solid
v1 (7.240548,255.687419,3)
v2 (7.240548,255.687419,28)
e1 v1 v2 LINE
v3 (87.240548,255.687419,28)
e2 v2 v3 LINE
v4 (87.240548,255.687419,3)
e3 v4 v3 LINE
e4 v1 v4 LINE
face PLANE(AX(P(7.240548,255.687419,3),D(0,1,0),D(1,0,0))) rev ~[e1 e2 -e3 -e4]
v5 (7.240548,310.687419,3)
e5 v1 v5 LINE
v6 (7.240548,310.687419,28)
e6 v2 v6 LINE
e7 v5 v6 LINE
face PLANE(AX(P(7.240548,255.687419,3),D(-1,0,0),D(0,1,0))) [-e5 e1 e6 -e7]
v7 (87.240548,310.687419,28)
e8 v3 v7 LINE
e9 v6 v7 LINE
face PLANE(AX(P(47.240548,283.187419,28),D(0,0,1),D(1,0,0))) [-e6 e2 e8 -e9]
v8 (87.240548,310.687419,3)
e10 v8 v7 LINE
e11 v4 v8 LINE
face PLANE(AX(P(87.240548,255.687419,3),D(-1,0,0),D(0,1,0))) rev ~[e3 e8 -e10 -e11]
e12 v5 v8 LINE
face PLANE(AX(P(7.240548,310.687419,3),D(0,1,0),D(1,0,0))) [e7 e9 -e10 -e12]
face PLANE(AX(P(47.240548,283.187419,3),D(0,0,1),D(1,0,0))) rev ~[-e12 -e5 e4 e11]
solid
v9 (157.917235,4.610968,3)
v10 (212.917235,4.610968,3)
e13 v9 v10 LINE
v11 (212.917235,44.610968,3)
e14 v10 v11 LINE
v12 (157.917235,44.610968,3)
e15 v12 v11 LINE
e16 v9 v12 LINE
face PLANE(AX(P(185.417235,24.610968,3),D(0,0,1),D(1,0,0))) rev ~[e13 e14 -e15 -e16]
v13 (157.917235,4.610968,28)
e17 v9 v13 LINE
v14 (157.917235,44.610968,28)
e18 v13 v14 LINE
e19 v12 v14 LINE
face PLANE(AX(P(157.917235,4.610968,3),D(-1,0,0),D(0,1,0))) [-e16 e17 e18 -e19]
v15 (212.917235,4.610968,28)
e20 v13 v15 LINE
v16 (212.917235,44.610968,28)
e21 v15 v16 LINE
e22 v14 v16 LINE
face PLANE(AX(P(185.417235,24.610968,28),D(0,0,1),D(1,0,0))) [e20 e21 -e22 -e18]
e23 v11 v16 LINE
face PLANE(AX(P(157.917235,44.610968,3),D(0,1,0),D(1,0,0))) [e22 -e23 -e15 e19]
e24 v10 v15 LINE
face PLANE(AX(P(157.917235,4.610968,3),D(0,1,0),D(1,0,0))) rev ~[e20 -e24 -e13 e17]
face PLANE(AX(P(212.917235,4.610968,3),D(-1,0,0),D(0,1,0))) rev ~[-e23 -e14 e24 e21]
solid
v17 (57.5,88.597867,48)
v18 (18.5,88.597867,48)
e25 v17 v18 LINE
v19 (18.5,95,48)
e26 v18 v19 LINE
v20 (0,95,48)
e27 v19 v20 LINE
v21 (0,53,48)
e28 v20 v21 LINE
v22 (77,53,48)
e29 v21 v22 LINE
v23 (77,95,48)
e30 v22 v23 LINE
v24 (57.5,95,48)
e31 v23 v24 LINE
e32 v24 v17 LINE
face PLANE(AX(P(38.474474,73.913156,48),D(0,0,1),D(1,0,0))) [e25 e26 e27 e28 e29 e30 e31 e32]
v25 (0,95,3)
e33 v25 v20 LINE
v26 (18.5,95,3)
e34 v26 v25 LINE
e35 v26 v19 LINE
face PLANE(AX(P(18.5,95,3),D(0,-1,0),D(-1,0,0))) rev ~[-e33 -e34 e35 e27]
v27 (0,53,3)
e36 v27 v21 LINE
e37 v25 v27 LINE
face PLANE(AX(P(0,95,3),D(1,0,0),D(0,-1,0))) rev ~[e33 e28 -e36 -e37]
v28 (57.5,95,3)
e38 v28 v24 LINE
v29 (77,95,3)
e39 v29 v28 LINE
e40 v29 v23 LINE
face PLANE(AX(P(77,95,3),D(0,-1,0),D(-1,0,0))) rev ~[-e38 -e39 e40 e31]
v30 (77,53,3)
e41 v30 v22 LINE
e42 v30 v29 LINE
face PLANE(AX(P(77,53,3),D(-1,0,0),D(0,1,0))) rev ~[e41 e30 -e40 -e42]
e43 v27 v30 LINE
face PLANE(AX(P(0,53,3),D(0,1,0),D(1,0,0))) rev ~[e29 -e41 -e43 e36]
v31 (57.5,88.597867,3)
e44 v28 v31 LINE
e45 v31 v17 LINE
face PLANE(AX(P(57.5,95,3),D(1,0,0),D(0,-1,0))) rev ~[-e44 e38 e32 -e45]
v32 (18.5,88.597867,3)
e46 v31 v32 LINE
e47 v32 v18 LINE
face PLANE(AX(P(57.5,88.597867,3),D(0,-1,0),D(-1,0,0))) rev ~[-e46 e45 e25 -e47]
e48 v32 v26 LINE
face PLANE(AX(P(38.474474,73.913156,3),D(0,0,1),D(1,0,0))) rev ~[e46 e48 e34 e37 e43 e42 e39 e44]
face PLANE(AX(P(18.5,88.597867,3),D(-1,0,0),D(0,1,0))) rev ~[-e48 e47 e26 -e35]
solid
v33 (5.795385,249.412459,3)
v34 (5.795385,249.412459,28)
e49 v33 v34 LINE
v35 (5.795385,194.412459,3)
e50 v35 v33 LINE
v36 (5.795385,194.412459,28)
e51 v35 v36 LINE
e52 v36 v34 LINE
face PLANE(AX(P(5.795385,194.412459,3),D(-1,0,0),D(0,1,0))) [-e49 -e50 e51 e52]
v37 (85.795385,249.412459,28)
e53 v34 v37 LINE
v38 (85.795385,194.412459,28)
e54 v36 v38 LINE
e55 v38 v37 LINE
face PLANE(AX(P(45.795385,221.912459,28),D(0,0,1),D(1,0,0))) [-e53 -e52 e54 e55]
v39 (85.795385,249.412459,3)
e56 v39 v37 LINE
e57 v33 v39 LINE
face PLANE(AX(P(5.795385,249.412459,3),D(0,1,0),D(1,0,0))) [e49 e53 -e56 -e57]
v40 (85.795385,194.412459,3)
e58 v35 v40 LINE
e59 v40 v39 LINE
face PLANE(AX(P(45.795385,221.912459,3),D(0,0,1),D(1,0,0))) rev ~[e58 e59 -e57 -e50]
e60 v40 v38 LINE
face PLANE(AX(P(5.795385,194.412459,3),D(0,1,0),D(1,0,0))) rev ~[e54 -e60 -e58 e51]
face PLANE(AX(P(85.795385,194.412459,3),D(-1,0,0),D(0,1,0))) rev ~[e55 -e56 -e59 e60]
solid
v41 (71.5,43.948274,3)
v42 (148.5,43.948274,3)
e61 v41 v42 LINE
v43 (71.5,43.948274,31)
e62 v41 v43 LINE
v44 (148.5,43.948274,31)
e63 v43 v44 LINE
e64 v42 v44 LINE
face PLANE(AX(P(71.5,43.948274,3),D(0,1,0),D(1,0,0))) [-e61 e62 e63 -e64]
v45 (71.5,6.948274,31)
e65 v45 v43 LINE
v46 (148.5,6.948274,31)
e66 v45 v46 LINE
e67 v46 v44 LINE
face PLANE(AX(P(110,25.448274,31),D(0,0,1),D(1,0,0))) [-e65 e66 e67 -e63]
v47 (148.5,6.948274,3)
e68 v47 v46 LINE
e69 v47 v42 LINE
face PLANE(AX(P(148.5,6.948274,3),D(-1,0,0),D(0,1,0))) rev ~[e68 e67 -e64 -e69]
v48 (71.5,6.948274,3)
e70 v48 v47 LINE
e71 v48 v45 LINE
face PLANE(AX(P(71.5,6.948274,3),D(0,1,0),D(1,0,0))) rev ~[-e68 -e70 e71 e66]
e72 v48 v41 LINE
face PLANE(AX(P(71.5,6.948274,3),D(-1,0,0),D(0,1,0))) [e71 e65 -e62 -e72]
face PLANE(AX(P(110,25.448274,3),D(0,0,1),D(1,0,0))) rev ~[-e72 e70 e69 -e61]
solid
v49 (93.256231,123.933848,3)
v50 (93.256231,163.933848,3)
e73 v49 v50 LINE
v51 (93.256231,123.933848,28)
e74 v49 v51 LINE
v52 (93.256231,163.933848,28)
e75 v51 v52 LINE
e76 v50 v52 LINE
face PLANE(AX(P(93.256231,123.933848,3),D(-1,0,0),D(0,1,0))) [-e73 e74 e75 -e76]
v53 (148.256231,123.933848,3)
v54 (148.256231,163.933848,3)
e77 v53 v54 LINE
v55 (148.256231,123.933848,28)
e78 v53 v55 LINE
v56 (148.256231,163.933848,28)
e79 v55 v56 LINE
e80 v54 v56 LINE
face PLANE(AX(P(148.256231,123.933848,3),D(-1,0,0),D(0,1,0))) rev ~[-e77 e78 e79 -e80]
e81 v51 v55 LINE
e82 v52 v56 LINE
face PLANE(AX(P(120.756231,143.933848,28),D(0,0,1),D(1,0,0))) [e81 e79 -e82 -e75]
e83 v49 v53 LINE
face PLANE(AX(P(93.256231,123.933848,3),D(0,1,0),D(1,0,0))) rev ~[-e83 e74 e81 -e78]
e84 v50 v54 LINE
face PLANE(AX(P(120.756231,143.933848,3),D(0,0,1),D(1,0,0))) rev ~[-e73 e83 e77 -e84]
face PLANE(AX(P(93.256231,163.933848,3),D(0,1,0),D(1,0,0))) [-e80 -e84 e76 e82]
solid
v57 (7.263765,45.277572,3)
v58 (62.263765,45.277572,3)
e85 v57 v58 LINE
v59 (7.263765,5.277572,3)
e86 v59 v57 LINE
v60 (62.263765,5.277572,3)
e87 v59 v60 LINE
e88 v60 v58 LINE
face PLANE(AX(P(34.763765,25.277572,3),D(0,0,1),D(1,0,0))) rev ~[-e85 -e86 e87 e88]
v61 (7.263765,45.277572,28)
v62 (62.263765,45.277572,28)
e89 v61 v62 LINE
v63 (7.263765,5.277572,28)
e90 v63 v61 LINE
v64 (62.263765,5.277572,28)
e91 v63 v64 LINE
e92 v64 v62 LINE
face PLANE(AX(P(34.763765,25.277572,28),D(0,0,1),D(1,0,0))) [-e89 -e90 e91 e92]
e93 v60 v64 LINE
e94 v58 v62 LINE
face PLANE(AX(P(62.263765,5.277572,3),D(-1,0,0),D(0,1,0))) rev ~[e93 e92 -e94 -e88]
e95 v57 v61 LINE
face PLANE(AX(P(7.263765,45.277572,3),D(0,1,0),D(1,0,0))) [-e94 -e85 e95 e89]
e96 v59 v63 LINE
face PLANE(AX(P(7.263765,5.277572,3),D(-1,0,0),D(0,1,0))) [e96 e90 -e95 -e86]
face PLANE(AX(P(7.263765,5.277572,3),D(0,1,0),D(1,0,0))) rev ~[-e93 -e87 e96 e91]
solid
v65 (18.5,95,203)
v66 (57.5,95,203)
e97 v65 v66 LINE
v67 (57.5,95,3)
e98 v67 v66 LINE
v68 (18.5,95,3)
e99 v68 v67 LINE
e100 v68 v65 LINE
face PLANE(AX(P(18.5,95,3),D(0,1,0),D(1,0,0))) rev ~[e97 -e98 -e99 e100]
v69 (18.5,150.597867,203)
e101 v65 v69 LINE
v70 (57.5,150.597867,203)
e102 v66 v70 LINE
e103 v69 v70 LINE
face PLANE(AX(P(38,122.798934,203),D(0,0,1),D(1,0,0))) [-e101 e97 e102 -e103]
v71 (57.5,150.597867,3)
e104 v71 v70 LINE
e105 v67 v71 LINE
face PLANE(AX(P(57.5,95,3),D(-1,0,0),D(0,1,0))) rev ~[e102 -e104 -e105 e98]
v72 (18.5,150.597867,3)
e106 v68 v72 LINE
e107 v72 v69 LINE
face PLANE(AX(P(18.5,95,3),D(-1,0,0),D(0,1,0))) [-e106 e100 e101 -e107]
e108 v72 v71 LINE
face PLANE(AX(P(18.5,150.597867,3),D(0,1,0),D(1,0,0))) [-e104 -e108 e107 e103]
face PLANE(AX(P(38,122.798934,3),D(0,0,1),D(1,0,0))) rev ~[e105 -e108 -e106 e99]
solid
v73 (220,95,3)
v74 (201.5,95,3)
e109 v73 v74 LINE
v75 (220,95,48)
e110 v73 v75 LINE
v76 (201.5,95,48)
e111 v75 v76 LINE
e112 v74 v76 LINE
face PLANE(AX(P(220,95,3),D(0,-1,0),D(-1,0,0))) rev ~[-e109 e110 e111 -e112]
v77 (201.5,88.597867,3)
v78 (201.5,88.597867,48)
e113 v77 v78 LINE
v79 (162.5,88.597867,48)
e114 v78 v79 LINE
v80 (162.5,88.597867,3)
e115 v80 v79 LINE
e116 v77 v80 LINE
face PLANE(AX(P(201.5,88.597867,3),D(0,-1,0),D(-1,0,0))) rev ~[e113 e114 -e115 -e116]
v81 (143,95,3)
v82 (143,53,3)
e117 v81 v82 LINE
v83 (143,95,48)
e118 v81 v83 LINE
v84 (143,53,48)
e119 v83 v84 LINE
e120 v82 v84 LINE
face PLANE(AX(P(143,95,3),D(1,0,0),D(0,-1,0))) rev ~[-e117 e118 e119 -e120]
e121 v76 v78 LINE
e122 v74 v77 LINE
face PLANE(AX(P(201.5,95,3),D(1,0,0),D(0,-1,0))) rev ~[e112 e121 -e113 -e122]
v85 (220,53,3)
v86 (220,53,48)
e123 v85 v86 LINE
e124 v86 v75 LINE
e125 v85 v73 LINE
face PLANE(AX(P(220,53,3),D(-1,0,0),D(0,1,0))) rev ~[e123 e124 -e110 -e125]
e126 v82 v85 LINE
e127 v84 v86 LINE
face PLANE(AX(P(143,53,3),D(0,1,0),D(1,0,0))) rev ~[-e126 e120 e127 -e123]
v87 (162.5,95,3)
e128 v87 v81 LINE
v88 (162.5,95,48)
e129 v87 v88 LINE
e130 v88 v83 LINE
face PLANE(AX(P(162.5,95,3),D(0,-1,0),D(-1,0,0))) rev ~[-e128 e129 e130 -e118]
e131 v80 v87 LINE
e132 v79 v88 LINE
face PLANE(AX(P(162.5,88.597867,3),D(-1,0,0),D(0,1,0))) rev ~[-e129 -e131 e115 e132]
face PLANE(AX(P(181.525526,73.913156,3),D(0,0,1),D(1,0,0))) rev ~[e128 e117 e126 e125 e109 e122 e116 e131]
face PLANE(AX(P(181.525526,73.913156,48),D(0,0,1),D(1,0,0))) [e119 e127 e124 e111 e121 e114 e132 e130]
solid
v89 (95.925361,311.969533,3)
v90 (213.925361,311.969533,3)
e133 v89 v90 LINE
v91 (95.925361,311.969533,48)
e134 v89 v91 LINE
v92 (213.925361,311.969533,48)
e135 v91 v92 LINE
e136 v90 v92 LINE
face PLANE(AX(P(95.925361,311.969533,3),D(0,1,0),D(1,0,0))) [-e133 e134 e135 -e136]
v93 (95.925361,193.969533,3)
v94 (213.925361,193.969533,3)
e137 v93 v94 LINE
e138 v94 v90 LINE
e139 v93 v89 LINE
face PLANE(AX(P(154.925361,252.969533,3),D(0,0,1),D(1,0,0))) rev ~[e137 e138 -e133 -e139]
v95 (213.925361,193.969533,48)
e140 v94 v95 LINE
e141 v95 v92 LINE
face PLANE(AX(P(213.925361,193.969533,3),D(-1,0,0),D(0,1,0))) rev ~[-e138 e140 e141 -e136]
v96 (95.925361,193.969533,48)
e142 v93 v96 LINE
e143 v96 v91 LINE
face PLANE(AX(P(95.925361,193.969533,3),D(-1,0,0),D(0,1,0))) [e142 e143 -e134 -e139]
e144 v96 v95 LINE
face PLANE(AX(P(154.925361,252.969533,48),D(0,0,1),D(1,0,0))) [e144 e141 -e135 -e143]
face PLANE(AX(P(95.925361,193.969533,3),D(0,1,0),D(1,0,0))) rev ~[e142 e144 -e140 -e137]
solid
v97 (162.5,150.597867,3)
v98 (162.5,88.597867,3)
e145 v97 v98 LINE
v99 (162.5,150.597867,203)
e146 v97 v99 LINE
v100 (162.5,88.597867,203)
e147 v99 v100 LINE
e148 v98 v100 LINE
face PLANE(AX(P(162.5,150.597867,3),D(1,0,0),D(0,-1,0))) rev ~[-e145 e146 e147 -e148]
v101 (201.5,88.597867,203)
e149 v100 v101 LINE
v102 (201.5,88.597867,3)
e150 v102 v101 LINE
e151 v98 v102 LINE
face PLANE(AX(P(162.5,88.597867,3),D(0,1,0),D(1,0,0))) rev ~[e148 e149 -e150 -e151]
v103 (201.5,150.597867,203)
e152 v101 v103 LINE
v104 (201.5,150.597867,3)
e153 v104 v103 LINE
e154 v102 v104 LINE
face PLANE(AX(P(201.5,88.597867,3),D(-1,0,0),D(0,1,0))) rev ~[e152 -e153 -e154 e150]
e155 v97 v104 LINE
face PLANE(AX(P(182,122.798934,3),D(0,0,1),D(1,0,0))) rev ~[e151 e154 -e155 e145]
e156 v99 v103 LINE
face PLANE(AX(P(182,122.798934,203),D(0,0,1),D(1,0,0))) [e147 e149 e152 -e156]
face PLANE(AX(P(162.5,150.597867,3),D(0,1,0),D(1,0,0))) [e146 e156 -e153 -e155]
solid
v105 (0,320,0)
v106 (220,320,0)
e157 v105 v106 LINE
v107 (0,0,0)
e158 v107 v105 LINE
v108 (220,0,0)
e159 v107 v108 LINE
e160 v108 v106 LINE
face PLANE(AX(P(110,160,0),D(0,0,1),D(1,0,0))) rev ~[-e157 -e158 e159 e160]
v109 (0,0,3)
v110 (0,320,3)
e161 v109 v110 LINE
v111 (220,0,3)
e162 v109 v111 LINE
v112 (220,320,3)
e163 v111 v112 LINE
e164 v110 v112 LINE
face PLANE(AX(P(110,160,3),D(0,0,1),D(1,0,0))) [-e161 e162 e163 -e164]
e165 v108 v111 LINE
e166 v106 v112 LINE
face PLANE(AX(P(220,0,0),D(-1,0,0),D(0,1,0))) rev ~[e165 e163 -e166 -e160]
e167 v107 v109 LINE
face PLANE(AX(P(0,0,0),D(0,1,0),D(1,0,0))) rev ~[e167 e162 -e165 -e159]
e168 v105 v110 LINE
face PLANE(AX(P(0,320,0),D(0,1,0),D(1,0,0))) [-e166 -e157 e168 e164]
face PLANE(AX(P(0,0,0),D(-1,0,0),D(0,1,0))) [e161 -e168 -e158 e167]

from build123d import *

# Parameters (mm, degrees)
F0_W     = 220
F0_H     = 320
F1_DEPTH = 3
F2_W     = 118
F2_H     = 118
F3_DEPTH = 45
F2_W_2   = 39
F2_H_2   = 55.5978671312
F2_H_3   = 6.4021328688
F4_DEPTH = 200
F2_W_3   = 55
F2_H_4   = 40
F5_DEPTH = 25
F2_W_4   = 80
F2_H_5   = 55
F6_DEPTH = 25
F7_DEPTH = 45
F2_W_5   = 77
F2_H_6   = 37
F8_DEPTH = 28


with BuildPart() as f1:
    # F0 (on Top) → F1 (new body)
    with BuildSketch(Plane.XY):
        with Locations((110, 160)):
            Rectangle(F0_W, F0_H)
    extrude(amount=F1_DEPTH)


with BuildPart() as f3:
    # F2 (on face) → F3 (new body)
    with BuildSketch(Plane.XY.offset(3)):
        with Locations((154.9253612757, 252.969533205)):
            Rectangle(F2_W, F2_H)
    extrude(amount=F3_DEPTH)


with BuildPart() as f4:
    # F2 (on face) → F4 (new body)
    with BuildSketch(Plane.XY.offset(3)):
        with Locations((182, 122.7989335656)):
            Rectangle(F2_W_2, F2_H_2)
        with Locations((182, 91.7989335656)):
            Rectangle(F2_W_2, F2_H_3)
    extrude(amount=F4_DEPTH)


with BuildPart() as f4b:
    # F2 (on face) → F4, piece 2 (new body)
    with BuildSketch(Plane.XY.offset(3)):
        with Locations((38, 122.7989335656)):
            Rectangle(F2_W_2, F2_H_2)
    extrude(amount=F4_DEPTH)


with BuildPart() as f5:
    # F2 (on face) → F5 (new body)
    with BuildSketch(Plane.XY.offset(3)):
        with Locations((120.7562312484, 143.9338475466)):
            Rectangle(F2_W_3, F2_H_4)
    extrude(amount=F5_DEPTH)


with BuildPart() as f5b:
    # F2 (on face) → F5, piece 2 (new body)
    with BuildSketch(Plane.XY.offset(3)):
        with Locations((34.76376459, 25.2775717527)):
            Rectangle(F2_W_3, F2_H_4)
    extrude(amount=F5_DEPTH)


with BuildPart() as f5c:
    # F2 (on face) → F5, piece 3 (new body)
    with BuildSketch(Plane.XY.offset(3)):
        with Locations((185.4172348976, 24.6109683067)):
            Rectangle(F2_W_3, F2_H_4)
    extrude(amount=F5_DEPTH)


with BuildPart() as f6:
    # F2 (on face) → F6 (new body)
    with BuildSketch(Plane.XY.offset(3)):
        with Locations((47.2405478358, 283.1874191761)):
            Rectangle(F2_W_4, F2_H_5)
    extrude(amount=F6_DEPTH)


with BuildPart() as f6b:
    # F2 (on face) → F6, piece 2 (new body)
    with BuildSketch(Plane.XY.offset(3)):
        with Locations((45.7953847945, 221.912458539)):
            Rectangle(F2_W_4, F2_H_5)
    extrude(amount=F6_DEPTH)


with BuildPart() as f7:
    # F2 (on face) → F7 (new body)
    with BuildSketch(Plane.XY.offset(3)):
        Polygon((18.5, 95), (0, 95), (0, 53), (77, 53), (77, 95), (57.5, 95), (57.5, 88.5978671312), (18.5, 88.5978671312), align=None)
    extrude(amount=F7_DEPTH)


with BuildPart() as f7b:
    # F2 (on face) → F7, piece 2 (new body)
    with BuildSketch(Plane.XY.offset(3)):
        Polygon((220, 53), (220, 95), (201.5, 95), (201.5, 88.5978671312), (162.5, 88.5978671312), (162.5, 95), (143, 95), (143, 53), align=None)
    extrude(amount=F7_DEPTH)


with BuildPart() as f8:
    # F2 (on face) → F8 (new body)
    with BuildSketch(Plane.XY.offset(3)):
        with Locations((110, 25.4482738674)):
            Rectangle(F2_W_5, F2_H_6)
    extrude(amount=F8_DEPTH)


solid = Compound([f1.part, f3.part, f4.part, f4b.part, f5.part, f5b.part, f5c.part, f6.part, f6b.part, f7.part, f7b.part, f8.part])
